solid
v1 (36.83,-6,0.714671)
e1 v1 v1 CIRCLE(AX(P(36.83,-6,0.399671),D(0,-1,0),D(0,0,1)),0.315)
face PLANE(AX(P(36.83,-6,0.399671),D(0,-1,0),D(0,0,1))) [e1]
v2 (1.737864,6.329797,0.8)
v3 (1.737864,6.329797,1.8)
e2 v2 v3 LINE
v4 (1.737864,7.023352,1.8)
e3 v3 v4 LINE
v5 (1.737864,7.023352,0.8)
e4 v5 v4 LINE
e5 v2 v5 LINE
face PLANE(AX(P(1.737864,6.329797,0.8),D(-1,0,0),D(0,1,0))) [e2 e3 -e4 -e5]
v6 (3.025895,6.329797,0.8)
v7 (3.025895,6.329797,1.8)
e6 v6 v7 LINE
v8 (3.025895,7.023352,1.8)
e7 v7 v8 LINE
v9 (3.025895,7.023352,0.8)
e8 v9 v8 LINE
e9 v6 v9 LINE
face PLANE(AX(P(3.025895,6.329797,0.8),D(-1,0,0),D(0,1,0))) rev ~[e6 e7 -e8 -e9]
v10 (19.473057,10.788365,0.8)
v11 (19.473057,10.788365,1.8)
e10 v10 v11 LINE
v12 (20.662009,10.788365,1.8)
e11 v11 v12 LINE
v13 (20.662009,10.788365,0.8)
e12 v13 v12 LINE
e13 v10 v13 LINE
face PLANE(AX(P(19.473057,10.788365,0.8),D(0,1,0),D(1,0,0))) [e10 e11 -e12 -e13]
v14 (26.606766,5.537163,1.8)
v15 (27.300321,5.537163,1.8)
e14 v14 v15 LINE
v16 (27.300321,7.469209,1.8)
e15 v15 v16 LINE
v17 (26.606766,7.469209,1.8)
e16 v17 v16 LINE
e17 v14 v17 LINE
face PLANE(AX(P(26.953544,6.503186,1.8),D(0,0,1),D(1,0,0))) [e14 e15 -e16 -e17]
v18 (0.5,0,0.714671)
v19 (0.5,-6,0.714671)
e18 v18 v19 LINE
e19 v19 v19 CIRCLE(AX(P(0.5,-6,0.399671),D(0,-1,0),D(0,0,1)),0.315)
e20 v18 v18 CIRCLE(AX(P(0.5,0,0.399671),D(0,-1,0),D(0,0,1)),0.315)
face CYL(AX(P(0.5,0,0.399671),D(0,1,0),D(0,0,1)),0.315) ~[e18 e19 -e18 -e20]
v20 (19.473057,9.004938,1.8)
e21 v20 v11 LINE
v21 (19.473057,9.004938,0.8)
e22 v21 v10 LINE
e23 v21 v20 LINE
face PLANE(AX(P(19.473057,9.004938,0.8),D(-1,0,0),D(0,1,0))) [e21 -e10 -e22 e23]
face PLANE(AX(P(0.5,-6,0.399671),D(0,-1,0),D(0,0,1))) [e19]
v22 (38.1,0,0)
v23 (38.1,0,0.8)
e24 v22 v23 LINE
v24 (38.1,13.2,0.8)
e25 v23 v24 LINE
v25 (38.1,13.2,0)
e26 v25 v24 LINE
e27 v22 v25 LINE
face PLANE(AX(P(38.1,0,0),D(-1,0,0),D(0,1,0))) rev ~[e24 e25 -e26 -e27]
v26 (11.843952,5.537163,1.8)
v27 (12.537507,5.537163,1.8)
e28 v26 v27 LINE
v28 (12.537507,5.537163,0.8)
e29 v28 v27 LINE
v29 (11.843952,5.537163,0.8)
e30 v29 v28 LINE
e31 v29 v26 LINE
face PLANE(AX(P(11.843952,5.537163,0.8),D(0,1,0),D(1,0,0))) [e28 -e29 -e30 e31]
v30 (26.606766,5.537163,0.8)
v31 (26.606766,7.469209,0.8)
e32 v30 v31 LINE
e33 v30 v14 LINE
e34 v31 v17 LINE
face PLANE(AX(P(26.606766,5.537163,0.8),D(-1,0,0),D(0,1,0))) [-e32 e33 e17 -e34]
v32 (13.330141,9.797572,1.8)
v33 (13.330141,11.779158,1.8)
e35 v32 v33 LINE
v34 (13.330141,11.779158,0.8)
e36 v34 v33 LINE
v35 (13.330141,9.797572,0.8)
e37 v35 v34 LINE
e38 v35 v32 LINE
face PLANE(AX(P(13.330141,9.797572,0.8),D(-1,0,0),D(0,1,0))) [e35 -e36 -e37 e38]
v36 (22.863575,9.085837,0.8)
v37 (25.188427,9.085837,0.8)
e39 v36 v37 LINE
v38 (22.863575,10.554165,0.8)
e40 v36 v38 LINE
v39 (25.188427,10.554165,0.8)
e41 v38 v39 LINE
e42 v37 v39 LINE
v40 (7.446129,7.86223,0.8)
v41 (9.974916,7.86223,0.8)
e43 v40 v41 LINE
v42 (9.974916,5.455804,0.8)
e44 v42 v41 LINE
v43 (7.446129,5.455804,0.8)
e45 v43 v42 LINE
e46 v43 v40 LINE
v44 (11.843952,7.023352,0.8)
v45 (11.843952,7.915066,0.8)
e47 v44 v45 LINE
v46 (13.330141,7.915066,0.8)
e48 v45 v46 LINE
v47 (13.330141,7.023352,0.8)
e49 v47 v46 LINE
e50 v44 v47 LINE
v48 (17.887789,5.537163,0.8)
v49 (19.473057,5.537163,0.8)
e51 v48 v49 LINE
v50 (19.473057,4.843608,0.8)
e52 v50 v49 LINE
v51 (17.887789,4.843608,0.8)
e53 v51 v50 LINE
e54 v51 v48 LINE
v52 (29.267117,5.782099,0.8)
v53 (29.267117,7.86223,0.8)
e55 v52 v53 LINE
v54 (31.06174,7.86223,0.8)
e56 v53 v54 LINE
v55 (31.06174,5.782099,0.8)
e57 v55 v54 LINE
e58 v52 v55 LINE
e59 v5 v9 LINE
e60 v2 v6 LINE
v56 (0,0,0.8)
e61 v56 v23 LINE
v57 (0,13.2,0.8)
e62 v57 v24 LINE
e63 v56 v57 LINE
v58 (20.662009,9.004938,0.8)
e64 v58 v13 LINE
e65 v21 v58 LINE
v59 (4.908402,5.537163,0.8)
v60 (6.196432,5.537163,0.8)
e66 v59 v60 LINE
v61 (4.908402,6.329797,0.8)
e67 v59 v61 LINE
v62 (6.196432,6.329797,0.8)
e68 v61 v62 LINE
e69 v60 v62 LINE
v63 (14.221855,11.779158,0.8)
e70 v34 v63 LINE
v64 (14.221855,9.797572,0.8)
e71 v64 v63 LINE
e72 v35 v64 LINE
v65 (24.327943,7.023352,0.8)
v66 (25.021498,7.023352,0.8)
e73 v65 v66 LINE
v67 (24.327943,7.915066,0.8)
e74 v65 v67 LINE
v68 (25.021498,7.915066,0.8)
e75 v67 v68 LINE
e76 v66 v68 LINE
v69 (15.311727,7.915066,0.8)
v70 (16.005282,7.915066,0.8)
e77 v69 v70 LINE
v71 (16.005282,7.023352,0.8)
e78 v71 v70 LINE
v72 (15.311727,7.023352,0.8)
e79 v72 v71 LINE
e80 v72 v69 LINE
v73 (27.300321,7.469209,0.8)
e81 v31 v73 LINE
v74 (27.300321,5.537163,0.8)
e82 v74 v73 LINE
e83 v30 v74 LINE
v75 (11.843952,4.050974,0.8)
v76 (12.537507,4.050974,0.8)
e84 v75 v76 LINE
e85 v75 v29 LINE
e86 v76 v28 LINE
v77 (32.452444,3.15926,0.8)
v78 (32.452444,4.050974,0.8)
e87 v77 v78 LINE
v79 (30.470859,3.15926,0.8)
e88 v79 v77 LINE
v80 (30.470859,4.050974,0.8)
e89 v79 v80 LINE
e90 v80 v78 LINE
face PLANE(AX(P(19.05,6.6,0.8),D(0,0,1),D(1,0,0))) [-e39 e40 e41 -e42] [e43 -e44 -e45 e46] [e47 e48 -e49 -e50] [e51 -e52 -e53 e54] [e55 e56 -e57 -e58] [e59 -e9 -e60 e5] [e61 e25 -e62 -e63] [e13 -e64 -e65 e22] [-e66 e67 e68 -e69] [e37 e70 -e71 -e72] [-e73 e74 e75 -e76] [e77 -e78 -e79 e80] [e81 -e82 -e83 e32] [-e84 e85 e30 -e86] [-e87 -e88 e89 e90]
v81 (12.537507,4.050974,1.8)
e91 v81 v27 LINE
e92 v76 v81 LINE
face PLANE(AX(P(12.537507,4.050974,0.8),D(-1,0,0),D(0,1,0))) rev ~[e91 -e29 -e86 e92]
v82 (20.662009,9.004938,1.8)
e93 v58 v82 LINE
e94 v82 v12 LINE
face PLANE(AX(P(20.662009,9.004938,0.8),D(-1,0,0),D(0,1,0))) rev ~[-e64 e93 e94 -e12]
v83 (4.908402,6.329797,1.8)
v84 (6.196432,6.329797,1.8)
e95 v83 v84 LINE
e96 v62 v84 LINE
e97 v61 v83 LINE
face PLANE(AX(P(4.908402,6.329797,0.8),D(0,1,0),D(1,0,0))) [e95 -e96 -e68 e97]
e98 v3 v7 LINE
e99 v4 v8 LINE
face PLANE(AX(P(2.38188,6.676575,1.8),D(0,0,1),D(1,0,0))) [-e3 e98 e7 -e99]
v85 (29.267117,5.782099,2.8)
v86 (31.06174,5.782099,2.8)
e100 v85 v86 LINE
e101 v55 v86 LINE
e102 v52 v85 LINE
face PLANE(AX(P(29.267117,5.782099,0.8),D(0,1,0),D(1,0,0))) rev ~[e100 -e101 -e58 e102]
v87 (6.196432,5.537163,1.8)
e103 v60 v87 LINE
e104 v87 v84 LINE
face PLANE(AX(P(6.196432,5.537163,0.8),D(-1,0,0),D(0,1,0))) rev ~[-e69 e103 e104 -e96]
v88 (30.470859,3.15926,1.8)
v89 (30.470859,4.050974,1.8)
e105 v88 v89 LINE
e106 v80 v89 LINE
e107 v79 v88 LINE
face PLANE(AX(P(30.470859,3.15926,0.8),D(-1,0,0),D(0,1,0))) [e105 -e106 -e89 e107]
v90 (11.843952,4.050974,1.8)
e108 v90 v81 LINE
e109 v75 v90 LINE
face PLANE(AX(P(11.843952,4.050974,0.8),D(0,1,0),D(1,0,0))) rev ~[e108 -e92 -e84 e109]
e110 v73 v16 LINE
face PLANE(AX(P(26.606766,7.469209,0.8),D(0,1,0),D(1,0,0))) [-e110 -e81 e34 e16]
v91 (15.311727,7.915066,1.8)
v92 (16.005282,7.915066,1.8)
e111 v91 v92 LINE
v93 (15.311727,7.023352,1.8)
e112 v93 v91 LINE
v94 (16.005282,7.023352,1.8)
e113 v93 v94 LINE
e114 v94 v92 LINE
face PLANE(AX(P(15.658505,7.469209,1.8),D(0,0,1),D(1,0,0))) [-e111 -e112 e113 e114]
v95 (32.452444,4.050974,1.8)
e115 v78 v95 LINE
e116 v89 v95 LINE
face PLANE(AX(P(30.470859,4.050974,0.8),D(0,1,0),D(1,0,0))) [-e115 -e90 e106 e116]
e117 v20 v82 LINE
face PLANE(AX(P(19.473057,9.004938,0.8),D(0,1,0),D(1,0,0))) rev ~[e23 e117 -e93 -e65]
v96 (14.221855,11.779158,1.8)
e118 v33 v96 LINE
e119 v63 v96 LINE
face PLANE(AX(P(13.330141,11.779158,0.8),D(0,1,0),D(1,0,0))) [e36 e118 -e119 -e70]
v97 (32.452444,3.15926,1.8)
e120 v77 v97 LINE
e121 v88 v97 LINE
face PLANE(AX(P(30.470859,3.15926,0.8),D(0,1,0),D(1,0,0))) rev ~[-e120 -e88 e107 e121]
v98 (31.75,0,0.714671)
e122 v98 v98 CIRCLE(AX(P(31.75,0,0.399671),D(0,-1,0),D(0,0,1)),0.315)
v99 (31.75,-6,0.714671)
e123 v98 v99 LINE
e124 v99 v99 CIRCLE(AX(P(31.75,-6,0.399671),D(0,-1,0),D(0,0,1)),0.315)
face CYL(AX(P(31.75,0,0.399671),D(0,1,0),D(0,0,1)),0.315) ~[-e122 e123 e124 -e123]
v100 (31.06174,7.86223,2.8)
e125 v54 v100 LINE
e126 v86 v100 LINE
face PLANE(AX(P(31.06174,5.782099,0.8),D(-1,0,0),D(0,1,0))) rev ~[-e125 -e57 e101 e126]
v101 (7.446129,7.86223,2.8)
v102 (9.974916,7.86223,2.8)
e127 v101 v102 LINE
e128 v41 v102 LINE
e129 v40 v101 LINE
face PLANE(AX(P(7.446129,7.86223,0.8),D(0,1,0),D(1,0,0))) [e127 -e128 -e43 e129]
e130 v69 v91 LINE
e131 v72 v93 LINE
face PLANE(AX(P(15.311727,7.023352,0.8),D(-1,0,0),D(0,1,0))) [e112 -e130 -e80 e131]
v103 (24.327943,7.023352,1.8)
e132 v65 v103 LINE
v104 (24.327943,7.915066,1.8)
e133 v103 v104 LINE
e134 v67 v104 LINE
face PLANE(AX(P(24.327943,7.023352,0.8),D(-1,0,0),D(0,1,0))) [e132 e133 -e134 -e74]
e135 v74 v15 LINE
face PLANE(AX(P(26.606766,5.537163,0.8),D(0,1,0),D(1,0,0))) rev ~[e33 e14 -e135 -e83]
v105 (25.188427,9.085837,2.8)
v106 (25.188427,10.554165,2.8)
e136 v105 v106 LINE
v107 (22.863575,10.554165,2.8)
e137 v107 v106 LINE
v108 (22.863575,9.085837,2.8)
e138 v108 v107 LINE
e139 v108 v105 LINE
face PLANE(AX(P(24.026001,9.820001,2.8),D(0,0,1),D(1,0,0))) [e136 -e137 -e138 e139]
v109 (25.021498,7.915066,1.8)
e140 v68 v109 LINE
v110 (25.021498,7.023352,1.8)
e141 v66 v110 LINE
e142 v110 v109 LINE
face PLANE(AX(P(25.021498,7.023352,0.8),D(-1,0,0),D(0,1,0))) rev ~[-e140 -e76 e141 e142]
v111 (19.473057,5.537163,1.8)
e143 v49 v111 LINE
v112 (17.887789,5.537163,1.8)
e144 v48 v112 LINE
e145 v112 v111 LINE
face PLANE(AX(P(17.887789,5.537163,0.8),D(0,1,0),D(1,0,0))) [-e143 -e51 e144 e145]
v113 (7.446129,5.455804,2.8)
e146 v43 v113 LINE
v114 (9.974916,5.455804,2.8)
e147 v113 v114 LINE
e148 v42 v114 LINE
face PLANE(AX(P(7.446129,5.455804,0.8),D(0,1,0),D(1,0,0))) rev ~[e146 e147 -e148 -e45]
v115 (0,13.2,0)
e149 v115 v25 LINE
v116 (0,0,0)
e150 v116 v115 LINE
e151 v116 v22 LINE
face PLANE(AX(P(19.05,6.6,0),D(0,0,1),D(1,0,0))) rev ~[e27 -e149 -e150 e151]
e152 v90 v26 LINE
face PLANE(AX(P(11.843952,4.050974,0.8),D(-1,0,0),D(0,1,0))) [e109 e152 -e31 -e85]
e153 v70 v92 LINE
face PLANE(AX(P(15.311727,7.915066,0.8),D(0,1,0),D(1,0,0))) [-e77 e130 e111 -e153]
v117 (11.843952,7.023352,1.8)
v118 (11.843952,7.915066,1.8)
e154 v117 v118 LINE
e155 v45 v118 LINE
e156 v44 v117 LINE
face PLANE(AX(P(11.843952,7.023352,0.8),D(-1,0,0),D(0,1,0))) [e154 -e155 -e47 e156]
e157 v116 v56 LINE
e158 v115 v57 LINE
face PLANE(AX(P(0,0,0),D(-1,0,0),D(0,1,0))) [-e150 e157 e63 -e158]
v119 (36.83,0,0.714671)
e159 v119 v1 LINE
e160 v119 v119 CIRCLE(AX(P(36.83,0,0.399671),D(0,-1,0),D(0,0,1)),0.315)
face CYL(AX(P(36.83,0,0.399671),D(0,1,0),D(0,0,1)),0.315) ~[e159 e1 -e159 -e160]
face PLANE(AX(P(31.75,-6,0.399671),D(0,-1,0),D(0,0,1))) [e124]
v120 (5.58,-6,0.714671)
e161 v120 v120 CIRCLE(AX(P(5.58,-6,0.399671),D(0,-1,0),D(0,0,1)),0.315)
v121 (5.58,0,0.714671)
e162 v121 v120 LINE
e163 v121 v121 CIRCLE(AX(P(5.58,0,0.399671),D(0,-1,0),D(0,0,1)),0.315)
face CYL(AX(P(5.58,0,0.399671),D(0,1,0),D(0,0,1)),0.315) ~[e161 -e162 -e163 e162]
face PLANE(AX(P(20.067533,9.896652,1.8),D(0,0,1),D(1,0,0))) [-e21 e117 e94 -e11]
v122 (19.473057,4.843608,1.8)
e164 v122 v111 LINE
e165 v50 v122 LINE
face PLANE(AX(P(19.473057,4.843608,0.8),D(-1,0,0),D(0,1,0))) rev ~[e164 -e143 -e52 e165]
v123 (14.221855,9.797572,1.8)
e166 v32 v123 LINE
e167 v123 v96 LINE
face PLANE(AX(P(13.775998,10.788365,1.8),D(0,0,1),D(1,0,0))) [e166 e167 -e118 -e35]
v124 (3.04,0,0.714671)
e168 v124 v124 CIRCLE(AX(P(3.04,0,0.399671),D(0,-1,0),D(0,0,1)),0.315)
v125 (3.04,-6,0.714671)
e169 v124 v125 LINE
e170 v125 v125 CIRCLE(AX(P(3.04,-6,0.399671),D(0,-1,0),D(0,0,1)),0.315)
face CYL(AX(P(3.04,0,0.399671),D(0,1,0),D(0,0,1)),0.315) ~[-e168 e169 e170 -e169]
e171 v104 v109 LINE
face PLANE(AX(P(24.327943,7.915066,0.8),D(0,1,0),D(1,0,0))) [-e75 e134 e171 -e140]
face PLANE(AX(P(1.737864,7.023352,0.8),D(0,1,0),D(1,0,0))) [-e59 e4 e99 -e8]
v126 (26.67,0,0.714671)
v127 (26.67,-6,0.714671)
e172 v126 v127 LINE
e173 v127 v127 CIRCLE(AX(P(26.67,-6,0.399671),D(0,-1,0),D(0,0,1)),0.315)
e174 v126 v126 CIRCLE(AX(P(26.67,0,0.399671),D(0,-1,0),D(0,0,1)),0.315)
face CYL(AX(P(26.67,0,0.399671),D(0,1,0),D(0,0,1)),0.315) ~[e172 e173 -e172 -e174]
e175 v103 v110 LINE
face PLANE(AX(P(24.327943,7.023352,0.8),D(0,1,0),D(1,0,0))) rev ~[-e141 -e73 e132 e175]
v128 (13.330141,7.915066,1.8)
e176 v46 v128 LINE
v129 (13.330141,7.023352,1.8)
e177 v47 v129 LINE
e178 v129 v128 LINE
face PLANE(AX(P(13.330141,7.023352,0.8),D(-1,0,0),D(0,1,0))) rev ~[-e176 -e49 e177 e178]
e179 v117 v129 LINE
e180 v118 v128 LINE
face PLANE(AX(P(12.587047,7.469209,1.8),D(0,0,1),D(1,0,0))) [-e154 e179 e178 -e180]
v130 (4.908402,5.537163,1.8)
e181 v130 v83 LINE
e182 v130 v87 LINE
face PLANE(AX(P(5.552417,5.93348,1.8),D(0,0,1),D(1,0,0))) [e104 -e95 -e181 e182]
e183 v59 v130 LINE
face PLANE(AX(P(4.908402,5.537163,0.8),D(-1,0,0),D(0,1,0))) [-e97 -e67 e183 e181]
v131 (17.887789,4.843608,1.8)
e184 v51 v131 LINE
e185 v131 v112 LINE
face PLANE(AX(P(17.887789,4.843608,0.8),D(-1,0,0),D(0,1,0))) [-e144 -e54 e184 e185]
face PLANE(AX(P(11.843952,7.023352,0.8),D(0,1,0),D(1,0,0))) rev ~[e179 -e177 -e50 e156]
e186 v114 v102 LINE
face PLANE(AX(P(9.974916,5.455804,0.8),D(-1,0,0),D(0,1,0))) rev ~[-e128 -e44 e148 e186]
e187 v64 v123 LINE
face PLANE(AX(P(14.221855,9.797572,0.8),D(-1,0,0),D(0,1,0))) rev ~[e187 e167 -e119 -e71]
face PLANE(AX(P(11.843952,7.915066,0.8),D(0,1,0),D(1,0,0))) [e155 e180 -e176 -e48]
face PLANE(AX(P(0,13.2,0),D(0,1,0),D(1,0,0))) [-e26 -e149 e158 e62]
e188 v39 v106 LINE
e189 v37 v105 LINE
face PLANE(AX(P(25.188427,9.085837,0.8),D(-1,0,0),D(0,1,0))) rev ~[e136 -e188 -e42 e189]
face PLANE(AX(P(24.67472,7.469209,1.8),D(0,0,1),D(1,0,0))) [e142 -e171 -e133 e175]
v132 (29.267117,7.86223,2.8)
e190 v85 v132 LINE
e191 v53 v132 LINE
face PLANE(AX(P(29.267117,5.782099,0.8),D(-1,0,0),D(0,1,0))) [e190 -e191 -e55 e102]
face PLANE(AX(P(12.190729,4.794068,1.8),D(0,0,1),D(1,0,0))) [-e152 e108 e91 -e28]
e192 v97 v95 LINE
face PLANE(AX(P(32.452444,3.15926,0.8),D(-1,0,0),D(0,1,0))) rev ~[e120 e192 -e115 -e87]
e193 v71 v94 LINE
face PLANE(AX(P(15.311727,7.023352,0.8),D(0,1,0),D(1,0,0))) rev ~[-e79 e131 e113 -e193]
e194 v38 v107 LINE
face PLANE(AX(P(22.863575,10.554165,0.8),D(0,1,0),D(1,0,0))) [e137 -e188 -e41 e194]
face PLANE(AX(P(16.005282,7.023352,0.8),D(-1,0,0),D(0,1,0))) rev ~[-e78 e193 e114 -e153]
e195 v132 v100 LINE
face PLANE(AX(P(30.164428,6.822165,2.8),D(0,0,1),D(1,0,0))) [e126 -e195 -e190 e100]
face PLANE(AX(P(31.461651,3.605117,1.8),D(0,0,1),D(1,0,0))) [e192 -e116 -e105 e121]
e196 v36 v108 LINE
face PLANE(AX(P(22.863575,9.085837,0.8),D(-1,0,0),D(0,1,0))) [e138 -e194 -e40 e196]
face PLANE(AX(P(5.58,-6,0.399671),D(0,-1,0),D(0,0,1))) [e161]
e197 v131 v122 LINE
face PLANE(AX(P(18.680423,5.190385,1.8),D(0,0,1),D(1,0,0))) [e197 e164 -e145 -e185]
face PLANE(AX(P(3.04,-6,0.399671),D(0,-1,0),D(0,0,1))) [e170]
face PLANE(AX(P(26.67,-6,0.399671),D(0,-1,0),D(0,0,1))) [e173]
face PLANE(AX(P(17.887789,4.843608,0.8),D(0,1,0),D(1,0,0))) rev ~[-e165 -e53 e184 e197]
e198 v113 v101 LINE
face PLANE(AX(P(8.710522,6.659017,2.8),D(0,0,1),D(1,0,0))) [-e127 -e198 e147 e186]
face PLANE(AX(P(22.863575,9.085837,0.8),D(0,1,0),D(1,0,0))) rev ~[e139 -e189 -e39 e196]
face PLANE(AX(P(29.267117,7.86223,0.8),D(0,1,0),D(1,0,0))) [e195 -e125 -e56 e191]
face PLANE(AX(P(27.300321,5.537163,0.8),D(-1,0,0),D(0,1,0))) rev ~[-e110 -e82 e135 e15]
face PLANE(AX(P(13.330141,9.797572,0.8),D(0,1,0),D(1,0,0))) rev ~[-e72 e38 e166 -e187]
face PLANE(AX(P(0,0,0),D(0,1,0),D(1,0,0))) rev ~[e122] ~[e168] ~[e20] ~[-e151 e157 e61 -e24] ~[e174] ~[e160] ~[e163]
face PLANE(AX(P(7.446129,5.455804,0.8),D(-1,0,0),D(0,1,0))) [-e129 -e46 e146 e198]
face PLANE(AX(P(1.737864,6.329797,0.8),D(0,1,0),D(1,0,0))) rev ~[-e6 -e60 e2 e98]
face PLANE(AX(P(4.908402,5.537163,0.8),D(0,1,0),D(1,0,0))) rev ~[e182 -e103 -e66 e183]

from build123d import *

# Parameters (mm, degrees)
ESQUISSE1_W        = 38.1
ESQUISSE1_H        = 13.2
BOSS_EXTRU_1_DEPTH = 0.8
ESQUISSE2_R        = 0.315
BOSS_EXTRU_2_DEPTH = 6
ESQUISSE3_W        = 2.528787401
ESQUISSE3_H        = 2.40642672
ESQUISSE3_W_2      = 2.324852932
ESQUISSE3_H_2      = 1.468328168
ESQUISSE3_W_3      = 1.794623316
ESQUISSE3_H_3      = 2.080131572
BOSS_EXTRU_3_DEPTH = 2
ESQUISSE4_W        = 1.288030783
ESQUISSE4_H        = 0.792634328
ESQUISSE4_H_2      = 0.693555037
ESQUISSE4_W_2      = 0.693555037
ESQUISSE4_H_3      = 1.486189366
ESQUISSE4_W_3      = 1.486189365
ESQUISSE4_H_4      = 0.891713619
ESQUISSE4_W_4      = 1.585268657
ESQUISSE4_W_5      = 0.891713619
ESQUISSE4_H_5      = 1.981585821
ESQUISSE4_W_6      = 1.188951492
ESQUISSE4_H_6      = 1.783427238
ESQUISSE4_H_7      = 1.932046175
ESQUISSE4_W_7      = 1.98158582
BOSS_EXTRU_8_DEPTH = 1


with BuildPart() as part:
    # Esquisse1 → Boss.-Extru.1 (new body)
    with BuildSketch(Plane.XY):
        with Locations((19.05, 6.6)):
            Rectangle(ESQUISSE1_W, ESQUISSE1_H)
    extrude(amount=BOSS_EXTRU_1_DEPTH)

    # Esquisse2 → Boss.-Extru.2 (add)
    with BuildSketch(Plane.XZ):
        with Locations(Location((0.5, 0.399671485, 0), (0, 0, 90))):
            Circle(ESQUISSE2_R)
        with Locations(Location((3.04, 0.399671485, 0), (0, 0, 90))):
            Circle(ESQUISSE2_R)
        with Locations(Location((5.58, 0.399671485, 0), (0, 0, 90))):
            Circle(ESQUISSE2_R)
        with Locations(Location((26.67, 0.399671485, 0), (0, 0, 90))):
            Circle(ESQUISSE2_R)
        with Locations(Location((31.75, 0.399671485, 0), (0, 0, 90))):
            Circle(ESQUISSE2_R)
        with Locations(Location((36.83, 0.399671485, 0), (0, 0, 90))):
            Circle(ESQUISSE2_R)
    extrude(amount=BOSS_EXTRU_2_DEPTH)

    # Esquisse3 → Boss.-Extru.3 (add)
    with BuildSketch(Plane.XY.offset(0.8)):
        with Locations((8.710522484, 6.659017017)):
            Rectangle(ESQUISSE3_W, ESQUISSE3_H)
        with Locations((24.026001014, 9.820001267)):
            Rectangle(ESQUISSE3_W_2, ESQUISSE3_H_2)
        with Locations((30.164428494, 6.822164591)):
            Rectangle(ESQUISSE3_W_3, ESQUISSE3_H_3)
    extrude(amount=BOSS_EXTRU_3_DEPTH)

    # Esquisse4 → Boss.-Extru.8 (add)
    with BuildSketch(Plane.XY.offset(0.8)):
        with Locations((5.552416897, 5.933480073)):
            Rectangle(ESQUISSE4_W, ESQUISSE4_H)
        with Locations((2.381879584, 6.676574756)):
            Rectangle(ESQUISSE4_W, ESQUISSE4_H_2)
        with Locations((12.190729396, 4.794068226)):
            Rectangle(ESQUISSE4_W_2, ESQUISSE4_H_3)
        with Locations((12.58704656, 7.469209084)):
            Rectangle(ESQUISSE4_W_3, ESQUISSE4_H_4)
        with Locations((18.680422957, 5.190385391)):
            Rectangle(ESQUISSE4_W_4, ESQUISSE4_H_2)
        with Locations((15.658504582, 7.469209084)):
            Rectangle(ESQUISSE4_W_2, ESQUISSE4_H_4)
        with Locations((13.775998052, 10.788365333)):
            Rectangle(ESQUISSE4_W_5, ESQUISSE4_H_5)
        with Locations((20.067533032, 9.896651714)):
            Rectangle(ESQUISSE4_W_6, ESQUISSE4_H_6)
        with Locations((24.674720065, 7.469209084)):
            Rectangle(ESQUISSE4_W_2, ESQUISSE4_H_4)
        with Locations((26.953543759, 6.503185997)):
            Rectangle(ESQUISSE4_W_2, ESQUISSE4_H_7)
        with Locations((31.4616515, 3.605116734)):
            Rectangle(ESQUISSE4_W_7, ESQUISSE4_H_4)
    extrude(amount=BOSS_EXTRU_8_DEPTH)


solid = part.part
